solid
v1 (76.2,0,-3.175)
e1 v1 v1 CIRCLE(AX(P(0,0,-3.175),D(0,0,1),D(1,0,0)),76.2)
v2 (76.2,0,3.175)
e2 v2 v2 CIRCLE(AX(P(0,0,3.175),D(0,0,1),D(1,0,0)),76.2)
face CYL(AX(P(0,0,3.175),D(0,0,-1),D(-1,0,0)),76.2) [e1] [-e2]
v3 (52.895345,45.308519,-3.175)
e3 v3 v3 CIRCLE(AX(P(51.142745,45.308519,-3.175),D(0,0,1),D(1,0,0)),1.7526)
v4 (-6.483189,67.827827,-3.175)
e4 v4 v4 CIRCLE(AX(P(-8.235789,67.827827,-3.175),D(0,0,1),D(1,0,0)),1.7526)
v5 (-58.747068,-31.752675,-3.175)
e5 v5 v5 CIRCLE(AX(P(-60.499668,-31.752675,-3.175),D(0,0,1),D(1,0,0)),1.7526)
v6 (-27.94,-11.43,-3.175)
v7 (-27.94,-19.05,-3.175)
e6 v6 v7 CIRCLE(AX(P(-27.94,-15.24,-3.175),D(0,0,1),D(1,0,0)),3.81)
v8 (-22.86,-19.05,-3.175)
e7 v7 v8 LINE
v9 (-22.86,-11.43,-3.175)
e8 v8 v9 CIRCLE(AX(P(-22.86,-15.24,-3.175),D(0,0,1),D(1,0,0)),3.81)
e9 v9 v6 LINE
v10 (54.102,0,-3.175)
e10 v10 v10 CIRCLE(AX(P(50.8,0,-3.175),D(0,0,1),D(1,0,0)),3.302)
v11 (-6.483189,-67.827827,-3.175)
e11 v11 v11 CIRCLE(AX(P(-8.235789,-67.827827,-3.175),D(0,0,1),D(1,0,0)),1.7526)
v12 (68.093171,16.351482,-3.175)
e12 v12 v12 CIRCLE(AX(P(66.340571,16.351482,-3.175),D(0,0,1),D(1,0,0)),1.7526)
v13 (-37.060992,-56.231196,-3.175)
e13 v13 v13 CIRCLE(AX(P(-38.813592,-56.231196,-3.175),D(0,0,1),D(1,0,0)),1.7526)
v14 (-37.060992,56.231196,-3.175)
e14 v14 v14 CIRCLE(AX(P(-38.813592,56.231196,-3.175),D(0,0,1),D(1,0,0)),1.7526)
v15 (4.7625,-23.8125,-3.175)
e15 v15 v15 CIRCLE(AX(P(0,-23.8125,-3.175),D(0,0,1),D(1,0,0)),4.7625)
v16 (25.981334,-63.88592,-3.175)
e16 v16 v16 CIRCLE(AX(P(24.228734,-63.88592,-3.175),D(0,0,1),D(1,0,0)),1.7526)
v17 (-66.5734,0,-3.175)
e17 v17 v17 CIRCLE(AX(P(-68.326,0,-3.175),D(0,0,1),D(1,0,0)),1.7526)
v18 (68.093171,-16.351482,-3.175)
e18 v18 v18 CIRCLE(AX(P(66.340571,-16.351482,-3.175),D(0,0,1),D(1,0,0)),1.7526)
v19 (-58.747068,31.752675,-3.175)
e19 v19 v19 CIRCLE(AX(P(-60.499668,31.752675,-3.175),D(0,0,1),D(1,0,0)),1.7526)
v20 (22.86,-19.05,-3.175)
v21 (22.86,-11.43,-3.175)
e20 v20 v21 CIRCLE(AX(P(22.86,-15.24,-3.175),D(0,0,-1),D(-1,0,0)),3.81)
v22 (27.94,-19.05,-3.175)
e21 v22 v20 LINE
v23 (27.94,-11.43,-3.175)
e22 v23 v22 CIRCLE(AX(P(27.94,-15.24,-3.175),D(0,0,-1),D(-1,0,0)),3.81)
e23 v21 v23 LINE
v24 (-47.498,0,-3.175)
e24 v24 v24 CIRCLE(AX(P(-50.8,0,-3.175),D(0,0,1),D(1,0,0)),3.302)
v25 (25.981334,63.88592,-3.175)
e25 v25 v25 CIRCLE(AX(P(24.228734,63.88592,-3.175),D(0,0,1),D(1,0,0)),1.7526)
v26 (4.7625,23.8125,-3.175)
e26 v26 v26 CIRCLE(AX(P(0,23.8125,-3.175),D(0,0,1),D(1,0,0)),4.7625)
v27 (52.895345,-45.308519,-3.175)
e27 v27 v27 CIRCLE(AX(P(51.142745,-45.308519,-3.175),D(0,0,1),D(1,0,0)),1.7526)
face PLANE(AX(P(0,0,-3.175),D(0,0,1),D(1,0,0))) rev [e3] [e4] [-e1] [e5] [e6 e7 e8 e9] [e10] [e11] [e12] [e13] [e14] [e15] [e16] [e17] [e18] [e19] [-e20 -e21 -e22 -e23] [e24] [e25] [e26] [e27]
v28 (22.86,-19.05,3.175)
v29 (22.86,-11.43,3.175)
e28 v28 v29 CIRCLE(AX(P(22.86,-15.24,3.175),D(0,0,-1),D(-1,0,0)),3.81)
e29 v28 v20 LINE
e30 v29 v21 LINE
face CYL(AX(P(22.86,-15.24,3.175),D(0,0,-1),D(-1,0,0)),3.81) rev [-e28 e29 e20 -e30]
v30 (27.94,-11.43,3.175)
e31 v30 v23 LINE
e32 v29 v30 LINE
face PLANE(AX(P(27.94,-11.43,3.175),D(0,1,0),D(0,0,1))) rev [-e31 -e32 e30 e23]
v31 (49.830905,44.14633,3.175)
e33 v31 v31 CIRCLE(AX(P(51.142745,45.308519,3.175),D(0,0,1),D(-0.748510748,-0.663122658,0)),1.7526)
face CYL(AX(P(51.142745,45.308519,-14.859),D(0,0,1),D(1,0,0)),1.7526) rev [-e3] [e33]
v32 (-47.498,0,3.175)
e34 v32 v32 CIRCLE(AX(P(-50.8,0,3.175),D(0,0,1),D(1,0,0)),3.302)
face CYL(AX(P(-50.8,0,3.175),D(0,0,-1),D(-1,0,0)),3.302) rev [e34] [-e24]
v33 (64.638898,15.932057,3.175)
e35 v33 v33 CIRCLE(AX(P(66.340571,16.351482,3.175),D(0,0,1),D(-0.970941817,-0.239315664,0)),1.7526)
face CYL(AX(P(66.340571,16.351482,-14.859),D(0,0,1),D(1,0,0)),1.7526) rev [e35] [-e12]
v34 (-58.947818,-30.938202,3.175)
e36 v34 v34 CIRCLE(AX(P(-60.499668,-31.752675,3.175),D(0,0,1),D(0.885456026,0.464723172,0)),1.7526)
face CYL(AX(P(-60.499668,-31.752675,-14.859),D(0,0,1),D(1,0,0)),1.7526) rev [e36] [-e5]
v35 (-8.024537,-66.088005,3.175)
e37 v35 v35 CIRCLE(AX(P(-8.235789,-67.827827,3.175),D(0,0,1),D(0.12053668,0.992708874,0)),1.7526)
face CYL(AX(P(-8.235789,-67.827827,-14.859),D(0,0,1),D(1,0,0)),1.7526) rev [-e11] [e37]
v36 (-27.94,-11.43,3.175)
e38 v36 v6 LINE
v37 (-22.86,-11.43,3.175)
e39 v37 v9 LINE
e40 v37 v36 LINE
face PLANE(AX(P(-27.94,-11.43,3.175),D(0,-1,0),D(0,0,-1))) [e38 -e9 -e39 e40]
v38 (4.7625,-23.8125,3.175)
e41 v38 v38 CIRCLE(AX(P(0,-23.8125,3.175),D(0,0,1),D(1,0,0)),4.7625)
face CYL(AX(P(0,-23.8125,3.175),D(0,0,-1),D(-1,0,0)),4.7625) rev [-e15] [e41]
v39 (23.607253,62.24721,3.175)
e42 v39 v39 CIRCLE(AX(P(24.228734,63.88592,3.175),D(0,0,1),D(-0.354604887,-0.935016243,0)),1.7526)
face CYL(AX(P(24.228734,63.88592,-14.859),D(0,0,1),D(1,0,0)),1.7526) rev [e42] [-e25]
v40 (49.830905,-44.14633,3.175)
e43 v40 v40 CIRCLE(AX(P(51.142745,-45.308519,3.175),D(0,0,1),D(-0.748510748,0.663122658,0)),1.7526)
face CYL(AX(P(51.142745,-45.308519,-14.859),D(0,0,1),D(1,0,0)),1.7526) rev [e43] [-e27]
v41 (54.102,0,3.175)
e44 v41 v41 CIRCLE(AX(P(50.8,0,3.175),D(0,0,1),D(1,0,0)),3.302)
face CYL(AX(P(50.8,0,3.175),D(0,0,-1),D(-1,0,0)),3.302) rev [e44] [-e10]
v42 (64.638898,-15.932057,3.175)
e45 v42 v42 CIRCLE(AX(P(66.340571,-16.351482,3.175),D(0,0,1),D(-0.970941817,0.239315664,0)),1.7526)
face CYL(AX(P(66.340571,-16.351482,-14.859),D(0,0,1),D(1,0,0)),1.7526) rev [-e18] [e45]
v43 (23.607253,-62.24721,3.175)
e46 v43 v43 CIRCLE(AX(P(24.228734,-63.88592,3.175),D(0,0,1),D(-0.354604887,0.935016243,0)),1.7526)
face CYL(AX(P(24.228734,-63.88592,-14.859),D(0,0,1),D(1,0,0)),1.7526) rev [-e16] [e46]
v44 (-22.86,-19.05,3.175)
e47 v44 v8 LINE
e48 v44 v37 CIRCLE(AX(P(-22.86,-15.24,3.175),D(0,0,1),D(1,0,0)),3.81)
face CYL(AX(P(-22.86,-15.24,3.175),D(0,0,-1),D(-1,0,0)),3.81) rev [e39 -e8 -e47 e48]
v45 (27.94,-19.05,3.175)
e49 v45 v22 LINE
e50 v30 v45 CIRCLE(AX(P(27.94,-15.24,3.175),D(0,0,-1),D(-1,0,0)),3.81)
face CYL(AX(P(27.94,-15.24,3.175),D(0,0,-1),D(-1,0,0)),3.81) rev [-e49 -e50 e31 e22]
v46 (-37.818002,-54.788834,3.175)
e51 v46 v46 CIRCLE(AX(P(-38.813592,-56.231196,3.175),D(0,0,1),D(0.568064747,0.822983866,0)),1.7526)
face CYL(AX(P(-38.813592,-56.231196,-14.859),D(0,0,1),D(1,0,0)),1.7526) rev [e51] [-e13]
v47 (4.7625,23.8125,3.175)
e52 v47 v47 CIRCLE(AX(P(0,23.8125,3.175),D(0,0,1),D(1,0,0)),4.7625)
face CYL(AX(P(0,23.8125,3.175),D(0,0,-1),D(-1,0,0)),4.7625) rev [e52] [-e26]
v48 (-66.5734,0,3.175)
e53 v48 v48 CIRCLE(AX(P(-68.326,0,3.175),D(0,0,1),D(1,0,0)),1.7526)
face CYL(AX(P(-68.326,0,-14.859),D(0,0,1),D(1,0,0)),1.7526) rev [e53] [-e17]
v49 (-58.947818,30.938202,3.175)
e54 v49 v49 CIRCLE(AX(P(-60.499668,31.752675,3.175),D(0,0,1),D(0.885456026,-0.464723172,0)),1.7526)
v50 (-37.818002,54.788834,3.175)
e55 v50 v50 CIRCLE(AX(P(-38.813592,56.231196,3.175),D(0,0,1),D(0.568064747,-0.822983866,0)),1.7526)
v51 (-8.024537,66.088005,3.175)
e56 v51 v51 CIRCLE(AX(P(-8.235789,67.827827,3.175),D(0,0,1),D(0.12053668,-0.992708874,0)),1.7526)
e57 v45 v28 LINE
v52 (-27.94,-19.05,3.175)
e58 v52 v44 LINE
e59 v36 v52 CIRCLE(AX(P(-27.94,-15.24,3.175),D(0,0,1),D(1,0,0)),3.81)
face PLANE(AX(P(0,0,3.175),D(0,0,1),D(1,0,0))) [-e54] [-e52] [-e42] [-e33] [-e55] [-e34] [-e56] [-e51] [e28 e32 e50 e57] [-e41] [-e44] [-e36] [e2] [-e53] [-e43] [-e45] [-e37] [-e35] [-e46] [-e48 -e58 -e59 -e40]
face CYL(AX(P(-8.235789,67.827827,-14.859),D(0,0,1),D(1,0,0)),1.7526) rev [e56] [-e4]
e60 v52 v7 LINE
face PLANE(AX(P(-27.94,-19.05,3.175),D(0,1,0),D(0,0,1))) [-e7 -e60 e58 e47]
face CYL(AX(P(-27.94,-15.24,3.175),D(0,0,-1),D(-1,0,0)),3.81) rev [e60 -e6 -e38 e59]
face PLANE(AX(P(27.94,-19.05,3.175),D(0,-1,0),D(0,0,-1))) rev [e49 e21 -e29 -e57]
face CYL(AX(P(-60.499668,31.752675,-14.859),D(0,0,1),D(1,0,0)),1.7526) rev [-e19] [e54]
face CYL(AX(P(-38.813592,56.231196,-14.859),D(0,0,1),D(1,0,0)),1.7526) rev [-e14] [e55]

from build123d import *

# Parameters (mm, degrees)
SKETCH2_R           = 76.2
SKETCH2_R_2         = 3.302
SKETCH2_R_3         = 4.7625
BOSS_EXTRUDE1_DEPTH = 3.175
CUT_EXTRUDE1_DEPTH  = 6.35
SKETCH4_R           = 1.7526
CUT_EXTRUDE2_DEPTH  = 18.034
CIRPATTERN1_COUNT   = 13


with BuildPart() as part:
    # Sketch2 → Boss-Extrude1 (new, symmetric)
    with BuildSketch(Plane.XY):
        Circle(SKETCH2_R)
        with Locations((-50.8, 0)):
            Circle(SKETCH2_R_2, mode=Mode.SUBTRACT)
        with Locations((50.8, 0)):
            Circle(SKETCH2_R_2, mode=Mode.SUBTRACT)
        with Locations((0, 23.8125)):
            Circle(SKETCH2_R_3, mode=Mode.SUBTRACT)
        with Locations((0, -23.8125)):
            Circle(SKETCH2_R_3, mode=Mode.SUBTRACT)
    extrude(amount=BOSS_EXTRUDE1_DEPTH, both=True)

    # Sketch3 → Cut-Extrude1 (cut)
    with BuildSketch(Plane(origin=(0, 0, -3.175), x_dir=(-1, 0, 0), z_dir=(0, 0, -1))):
        with BuildLine():
            Line((-27.94, -11.43), (-22.86, -11.43))
            ThreePointArc((-22.86, -11.43), (-19.05, -15.24), (-22.86, -19.05))
            Line((-22.86, -19.05), (-27.94, -19.05))
            ThreePointArc((-27.94, -19.05), (-31.75, -15.24), (-27.94, -11.43))
        make_face()
    cut_extrude1 = extrude(amount=-CUT_EXTRUDE1_DEPTH, mode=Mode.SUBTRACT)

    # Mirror1: Cut-Extrude1 across plane
    add(cut_extrude1.mirror(Plane(origin=(0, 0, 0), x_dir=(0, 0, 1), z_dir=(1, 0, 0))), mode=Mode.SUBTRACT)

    # Sketch4 → Cut-Extrude2 (cut)
    with BuildSketch(Plane.XY.offset(3.175)):
        with Locations((-68.326, 0)):
            Circle(SKETCH4_R)
    cut_extrude2 = extrude(amount=-CUT_EXTRUDE2_DEPTH, mode=Mode.SUBTRACT)

    # CirPattern1: Cut-Extrude2 ×13 about axis
    cirpattern1_axis = Axis((0, 0, 0), (0, 0, 1))
    for i in range(1, CIRPATTERN1_COUNT):
        add(cut_extrude2.rotate(cirpattern1_axis, i * 360 / CIRPATTERN1_COUNT), mode=Mode.SUBTRACT)


solid = part.part
